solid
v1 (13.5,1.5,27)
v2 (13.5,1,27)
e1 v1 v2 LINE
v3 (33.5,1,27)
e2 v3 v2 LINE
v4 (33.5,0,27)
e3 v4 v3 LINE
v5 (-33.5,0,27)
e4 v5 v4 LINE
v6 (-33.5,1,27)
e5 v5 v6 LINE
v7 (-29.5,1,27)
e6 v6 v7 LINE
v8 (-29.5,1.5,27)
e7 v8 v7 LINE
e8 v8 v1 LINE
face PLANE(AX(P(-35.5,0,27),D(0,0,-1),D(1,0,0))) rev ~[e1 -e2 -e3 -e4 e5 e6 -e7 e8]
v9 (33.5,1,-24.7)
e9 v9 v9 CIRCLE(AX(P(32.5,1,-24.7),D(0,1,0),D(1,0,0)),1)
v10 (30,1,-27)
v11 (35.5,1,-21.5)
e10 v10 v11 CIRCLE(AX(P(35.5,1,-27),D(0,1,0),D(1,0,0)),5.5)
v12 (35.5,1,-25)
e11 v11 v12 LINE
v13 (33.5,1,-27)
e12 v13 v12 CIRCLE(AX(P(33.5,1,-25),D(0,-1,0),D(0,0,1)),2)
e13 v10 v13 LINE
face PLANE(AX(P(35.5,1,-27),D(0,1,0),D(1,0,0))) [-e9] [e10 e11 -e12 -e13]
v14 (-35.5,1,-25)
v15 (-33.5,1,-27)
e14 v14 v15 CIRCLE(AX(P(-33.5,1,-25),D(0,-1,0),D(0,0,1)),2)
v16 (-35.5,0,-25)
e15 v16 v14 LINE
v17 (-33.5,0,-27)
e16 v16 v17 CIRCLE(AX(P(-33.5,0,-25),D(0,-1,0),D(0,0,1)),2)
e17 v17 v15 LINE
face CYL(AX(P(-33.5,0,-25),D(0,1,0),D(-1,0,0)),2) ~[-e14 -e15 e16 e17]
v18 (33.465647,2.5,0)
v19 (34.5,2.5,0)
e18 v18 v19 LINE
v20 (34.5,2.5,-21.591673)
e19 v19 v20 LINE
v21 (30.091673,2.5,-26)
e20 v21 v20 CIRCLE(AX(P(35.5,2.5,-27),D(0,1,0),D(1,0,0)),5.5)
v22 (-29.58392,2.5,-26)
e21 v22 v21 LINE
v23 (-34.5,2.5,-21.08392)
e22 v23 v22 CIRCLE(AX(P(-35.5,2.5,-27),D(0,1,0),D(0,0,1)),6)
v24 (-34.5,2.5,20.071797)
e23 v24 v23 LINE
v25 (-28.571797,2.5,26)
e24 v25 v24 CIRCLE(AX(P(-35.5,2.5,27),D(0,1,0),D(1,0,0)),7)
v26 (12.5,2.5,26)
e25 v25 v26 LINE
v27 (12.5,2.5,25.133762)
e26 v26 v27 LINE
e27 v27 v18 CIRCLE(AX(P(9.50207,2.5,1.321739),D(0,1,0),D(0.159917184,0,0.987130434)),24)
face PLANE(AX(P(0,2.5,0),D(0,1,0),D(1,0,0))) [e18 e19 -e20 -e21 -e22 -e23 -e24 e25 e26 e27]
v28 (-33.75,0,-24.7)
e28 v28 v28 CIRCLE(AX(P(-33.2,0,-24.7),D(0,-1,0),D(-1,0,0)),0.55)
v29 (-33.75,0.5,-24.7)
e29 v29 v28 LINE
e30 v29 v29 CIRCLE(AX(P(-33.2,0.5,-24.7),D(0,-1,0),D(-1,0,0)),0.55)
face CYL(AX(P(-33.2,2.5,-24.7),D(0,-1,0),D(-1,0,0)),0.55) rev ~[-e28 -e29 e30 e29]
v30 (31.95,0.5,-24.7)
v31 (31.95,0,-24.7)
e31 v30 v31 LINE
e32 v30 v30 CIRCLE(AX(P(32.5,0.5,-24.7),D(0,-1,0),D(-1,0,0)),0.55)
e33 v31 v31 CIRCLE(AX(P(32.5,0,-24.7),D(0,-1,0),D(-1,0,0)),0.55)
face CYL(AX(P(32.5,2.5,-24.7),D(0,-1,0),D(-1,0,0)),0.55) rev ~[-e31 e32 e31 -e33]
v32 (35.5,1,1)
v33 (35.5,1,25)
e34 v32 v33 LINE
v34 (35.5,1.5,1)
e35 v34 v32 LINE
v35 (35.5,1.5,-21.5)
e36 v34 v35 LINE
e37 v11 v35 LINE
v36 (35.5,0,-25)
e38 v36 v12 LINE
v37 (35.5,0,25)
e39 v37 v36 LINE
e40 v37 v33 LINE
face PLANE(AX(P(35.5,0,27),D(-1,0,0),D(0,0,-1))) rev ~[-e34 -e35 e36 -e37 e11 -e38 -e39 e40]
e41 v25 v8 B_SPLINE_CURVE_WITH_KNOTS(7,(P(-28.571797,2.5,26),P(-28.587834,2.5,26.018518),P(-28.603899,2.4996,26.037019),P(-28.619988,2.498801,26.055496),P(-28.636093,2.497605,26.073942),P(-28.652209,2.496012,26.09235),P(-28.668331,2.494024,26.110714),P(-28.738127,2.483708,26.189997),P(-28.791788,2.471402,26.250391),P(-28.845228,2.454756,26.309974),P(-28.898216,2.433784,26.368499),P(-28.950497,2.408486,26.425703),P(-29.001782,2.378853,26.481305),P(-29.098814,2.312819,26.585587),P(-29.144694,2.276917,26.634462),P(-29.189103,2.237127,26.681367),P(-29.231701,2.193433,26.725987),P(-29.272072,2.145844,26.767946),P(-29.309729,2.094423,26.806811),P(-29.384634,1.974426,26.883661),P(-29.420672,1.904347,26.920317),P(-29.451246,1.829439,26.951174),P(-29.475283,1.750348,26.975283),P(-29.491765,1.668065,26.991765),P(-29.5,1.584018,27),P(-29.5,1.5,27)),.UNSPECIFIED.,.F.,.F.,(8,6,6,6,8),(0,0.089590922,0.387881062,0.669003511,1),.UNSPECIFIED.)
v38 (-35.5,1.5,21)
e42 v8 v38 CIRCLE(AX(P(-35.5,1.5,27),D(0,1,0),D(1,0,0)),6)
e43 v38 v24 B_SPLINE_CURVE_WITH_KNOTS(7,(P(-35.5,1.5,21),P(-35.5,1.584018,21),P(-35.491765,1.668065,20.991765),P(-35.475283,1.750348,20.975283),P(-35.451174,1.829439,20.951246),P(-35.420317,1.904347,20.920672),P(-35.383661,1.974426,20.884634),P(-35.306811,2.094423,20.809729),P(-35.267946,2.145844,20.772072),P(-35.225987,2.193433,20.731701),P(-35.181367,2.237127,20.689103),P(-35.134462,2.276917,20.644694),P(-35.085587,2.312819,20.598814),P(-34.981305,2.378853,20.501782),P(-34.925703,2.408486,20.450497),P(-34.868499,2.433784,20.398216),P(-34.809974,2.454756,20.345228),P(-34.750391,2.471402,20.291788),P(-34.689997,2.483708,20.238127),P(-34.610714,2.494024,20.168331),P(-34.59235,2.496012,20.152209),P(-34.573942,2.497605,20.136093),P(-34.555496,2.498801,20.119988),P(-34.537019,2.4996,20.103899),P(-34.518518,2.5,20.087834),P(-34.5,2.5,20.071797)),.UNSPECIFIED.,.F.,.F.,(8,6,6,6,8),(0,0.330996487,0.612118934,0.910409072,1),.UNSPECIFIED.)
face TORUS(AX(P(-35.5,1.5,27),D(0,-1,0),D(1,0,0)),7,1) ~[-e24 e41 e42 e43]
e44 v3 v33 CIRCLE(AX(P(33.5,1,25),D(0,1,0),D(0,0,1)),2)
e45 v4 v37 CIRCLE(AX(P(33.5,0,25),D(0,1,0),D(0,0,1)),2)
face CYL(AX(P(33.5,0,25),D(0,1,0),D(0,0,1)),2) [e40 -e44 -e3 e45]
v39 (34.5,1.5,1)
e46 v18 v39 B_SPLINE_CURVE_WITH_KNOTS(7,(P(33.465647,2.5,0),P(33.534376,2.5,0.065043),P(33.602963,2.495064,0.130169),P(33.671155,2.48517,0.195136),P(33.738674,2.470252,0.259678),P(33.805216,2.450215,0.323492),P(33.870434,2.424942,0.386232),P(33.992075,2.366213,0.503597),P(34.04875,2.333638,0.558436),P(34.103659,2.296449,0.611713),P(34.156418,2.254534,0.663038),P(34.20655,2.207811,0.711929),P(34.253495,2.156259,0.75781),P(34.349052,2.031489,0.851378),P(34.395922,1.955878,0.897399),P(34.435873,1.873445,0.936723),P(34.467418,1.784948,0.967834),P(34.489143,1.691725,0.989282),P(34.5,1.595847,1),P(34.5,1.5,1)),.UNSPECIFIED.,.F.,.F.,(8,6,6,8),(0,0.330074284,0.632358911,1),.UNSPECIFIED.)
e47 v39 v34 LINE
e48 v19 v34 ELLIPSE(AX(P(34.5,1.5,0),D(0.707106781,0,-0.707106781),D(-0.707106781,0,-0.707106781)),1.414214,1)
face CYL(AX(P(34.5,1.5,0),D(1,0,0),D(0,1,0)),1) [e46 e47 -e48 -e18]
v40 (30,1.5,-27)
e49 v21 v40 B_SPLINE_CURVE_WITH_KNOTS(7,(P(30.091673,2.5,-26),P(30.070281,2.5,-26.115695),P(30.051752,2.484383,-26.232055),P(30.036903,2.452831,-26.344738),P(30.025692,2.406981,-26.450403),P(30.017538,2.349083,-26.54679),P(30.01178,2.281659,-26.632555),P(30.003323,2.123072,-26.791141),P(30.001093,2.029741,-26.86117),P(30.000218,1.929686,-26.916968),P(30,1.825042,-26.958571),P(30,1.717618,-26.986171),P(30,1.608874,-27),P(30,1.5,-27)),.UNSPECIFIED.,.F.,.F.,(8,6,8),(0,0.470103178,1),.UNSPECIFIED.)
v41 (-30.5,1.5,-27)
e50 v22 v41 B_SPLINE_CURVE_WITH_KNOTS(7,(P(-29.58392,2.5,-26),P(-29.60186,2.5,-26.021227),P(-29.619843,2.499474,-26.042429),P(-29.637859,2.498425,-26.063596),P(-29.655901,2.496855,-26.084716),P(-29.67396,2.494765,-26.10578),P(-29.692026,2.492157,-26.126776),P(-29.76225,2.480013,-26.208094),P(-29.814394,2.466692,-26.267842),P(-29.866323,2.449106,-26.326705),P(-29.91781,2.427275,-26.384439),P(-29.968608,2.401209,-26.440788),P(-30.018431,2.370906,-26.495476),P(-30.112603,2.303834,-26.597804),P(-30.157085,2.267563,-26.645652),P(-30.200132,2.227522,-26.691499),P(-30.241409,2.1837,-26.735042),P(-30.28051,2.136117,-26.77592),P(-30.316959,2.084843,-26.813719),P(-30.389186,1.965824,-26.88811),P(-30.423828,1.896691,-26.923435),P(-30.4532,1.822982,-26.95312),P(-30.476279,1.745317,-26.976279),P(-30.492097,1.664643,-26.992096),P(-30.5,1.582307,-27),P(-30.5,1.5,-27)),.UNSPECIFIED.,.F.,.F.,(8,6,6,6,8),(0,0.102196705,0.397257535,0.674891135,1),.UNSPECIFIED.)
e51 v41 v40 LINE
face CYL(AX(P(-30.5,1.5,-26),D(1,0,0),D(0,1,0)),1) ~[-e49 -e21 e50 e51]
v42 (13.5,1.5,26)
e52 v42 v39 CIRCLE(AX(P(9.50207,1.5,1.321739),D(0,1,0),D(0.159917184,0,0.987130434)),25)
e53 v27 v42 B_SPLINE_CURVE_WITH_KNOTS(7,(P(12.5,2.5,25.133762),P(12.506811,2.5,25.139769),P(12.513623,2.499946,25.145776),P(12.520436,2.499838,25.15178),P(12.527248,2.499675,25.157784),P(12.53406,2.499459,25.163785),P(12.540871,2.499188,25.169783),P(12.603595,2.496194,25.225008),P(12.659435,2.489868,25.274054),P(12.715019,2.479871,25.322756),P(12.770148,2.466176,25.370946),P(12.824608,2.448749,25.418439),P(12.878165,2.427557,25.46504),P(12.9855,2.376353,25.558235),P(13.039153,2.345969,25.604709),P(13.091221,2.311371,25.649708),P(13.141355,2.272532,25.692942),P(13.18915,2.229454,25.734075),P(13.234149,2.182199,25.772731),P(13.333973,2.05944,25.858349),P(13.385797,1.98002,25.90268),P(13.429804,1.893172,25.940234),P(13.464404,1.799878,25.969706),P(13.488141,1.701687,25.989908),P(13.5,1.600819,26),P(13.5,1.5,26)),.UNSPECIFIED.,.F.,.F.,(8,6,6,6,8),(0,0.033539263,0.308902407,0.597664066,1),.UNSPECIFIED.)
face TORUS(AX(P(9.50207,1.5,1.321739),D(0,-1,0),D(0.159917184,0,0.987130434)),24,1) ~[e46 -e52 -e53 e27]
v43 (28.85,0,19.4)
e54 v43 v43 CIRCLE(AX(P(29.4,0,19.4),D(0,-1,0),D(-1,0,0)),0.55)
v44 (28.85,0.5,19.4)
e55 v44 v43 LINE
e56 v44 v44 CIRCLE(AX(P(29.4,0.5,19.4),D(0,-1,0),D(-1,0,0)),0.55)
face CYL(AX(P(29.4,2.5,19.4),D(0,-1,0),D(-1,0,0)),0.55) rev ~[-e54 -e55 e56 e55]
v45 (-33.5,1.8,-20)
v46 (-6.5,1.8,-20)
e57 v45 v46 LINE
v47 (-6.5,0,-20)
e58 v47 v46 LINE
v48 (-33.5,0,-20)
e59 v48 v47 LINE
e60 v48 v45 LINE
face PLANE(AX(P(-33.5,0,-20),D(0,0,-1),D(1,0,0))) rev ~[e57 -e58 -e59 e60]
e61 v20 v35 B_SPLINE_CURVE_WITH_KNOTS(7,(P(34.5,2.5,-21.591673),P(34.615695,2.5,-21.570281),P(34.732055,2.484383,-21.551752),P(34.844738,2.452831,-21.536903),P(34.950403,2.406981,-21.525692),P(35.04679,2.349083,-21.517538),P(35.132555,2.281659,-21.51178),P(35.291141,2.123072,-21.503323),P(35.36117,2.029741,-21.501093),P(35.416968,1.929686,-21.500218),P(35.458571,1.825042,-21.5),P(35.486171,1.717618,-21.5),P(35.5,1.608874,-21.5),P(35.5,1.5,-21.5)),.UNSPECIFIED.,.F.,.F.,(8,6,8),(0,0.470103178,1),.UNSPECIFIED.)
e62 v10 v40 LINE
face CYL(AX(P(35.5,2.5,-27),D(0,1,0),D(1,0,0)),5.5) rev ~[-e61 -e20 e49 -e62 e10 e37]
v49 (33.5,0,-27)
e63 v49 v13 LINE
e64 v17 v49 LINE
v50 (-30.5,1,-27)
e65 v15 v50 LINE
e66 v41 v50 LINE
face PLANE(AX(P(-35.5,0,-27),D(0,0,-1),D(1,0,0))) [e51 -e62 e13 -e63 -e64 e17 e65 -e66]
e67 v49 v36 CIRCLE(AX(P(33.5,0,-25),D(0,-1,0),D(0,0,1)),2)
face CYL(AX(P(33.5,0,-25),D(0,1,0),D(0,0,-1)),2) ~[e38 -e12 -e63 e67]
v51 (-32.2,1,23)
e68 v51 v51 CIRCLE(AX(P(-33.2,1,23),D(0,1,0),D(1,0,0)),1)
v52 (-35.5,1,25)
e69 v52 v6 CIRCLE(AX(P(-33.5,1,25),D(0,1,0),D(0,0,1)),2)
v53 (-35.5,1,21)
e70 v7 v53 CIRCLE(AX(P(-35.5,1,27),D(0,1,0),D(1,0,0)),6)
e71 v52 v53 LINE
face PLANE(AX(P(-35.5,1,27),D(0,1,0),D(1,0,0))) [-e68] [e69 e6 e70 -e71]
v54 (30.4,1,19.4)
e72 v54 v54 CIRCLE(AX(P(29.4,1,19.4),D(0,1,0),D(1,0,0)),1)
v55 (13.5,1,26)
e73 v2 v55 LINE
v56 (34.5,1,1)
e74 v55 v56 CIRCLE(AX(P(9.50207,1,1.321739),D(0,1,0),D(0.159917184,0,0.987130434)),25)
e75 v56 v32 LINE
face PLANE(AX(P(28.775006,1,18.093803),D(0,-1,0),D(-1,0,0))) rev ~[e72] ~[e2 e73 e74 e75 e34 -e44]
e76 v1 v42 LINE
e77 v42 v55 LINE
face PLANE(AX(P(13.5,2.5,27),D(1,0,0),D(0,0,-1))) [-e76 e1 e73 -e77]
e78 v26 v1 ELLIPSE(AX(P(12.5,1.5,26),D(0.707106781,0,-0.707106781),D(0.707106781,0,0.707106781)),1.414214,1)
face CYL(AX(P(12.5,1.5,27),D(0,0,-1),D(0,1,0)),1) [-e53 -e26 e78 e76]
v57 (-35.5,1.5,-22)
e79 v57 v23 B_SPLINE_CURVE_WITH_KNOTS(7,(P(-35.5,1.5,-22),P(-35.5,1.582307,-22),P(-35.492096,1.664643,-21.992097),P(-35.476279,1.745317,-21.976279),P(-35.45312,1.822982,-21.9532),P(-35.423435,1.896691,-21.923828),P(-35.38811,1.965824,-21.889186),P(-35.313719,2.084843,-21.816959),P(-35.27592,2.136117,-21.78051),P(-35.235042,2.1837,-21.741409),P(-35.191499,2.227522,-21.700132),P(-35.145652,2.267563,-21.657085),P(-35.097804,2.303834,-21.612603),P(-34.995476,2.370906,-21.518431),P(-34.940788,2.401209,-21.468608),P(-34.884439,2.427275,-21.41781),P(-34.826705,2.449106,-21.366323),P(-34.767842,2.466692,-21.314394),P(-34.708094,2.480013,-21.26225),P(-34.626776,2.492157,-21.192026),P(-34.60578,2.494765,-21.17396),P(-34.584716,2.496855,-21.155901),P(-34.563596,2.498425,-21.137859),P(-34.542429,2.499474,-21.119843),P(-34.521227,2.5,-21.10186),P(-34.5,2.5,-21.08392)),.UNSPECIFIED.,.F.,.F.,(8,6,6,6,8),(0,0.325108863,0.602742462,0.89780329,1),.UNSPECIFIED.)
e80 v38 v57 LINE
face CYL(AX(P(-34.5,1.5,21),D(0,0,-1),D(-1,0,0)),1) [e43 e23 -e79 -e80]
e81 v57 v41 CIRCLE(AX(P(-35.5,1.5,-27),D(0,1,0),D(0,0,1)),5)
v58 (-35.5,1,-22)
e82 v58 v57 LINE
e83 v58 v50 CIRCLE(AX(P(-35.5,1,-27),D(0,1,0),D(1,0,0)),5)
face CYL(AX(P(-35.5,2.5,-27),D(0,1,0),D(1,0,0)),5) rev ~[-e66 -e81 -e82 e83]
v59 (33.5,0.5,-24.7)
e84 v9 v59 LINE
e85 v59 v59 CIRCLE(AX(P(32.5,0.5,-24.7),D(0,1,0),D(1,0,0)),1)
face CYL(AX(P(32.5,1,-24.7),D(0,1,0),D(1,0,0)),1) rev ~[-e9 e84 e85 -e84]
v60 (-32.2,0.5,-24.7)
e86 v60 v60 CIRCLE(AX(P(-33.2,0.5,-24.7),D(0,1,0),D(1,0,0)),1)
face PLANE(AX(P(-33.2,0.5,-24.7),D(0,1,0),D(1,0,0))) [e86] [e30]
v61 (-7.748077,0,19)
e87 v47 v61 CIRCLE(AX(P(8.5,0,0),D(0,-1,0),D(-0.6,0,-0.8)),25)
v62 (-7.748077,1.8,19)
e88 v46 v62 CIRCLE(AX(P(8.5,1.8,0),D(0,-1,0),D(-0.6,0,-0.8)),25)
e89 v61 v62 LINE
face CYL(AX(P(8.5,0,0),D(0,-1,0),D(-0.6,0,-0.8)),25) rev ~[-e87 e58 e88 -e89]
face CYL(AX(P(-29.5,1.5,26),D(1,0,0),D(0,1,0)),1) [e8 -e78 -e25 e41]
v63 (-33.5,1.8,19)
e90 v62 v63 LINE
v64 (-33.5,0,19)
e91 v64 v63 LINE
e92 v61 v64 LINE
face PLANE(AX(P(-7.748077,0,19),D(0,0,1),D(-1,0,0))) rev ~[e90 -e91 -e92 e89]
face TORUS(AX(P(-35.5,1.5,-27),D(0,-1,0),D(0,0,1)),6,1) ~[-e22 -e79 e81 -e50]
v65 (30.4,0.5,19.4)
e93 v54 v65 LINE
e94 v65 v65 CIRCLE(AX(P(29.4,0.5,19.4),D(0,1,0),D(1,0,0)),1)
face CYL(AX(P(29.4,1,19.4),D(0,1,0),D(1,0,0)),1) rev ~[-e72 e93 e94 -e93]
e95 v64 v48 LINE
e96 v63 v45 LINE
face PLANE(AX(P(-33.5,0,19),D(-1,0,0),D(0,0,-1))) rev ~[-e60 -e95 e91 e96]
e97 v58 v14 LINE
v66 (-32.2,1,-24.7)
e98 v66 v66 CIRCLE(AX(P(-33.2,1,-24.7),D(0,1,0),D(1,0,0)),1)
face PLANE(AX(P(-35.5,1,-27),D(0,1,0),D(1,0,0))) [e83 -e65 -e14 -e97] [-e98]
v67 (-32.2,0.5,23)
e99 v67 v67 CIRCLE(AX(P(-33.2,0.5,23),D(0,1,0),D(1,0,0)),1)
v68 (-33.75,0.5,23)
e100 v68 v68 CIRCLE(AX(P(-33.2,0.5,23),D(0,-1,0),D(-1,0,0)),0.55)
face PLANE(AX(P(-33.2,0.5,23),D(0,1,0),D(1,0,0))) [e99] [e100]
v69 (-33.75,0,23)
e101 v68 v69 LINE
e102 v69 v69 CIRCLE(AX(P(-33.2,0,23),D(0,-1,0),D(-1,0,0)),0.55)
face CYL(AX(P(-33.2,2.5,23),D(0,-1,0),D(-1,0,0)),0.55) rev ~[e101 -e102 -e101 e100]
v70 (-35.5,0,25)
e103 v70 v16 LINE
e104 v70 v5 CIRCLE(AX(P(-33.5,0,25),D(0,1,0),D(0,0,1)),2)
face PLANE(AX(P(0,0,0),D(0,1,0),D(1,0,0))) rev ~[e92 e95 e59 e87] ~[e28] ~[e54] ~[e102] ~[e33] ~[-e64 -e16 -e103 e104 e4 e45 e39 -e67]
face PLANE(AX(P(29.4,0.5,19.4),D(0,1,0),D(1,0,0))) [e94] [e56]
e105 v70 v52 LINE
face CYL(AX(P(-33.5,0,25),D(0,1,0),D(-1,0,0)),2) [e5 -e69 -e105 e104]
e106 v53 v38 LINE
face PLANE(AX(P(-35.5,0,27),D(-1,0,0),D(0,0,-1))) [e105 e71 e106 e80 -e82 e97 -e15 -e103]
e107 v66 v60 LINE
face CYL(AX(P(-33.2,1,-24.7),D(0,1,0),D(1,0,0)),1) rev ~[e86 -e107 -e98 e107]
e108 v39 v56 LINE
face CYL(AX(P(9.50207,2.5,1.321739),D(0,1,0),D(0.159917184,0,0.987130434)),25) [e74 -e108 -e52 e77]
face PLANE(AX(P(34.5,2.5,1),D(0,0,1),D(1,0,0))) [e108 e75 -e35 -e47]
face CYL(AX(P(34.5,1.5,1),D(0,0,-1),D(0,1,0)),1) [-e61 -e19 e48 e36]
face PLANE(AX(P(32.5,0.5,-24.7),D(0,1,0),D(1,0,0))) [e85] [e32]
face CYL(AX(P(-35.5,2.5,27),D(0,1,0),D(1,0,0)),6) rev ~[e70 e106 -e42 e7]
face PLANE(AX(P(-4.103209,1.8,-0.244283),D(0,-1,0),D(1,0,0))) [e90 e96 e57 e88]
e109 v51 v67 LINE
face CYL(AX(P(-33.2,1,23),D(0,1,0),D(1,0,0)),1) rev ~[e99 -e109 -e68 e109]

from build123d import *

# Parameters (mm, degrees)
SKETCH1_W                         = 71
SKETCH1_H                         = 54
BOSS_EXTRUDE1_DEPTH               = 2.5
M1_4X0_3_TAPPED_HOLE1_D           = 1.1
M1_4X0_3_TAPPED_HOLE1_CSINK_D     = 1.45
M1_4X0_3_TAPPED_HOLE1_CSINK_ANGLE = 90
CUT_EXTRUDE1_DEPTH                = 1.8
SKETCH5_R                         = 6
SKETCH5_R_2                       = 5
SKETCH5_R_3                       = 5.5
CUT_EXTRUDE2_DEPTH                = 1.5
FILLET1_R                         = 2
FILLET2_R                         = 1
SKETCH6_R                         = 1
CUT_EXTRUDE4_DEPTH                = 0.5


with BuildPart() as part:
    # Sketch1 → Boss-Extrude1 (new body)
    with BuildSketch(Plane(origin=(0, 0, 0), x_dir=(1, 0, 0), z_dir=(0, 1, 0))):
        Rectangle(SKETCH1_W, SKETCH1_H)
    extrude(amount=BOSS_EXTRUDE1_DEPTH)

    # M1.4x0.3 Tapped Hole1 (through all)
    with Locations(Plane(origin=(0, 2.5, 0), x_dir=(1, 0, 0), z_dir=(0, 1, 0))):
        with Locations((-33.2, 24.7), (32.5, 24.7), (-33.2, -23), (29.4, -19.4)):
            CounterSinkHole(M1_4X0_3_TAPPED_HOLE1_D / 2, M1_4X0_3_TAPPED_HOLE1_CSINK_D / 2, counter_sink_angle=M1_4X0_3_TAPPED_HOLE1_CSINK_ANGLE)

    # Sketch4 → Cut-Extrude1 (cut)
    with BuildSketch(Plane.XZ):
        with BuildLine():
            Line((-7.748076809, 19), (-33.5, 19))
            Line((-33.5, 19), (-33.5, -20))
            Line((-33.5, -20), (-6.5, -20))
            ThreePointArc((-6.5, -20), (33.487208249, 0.799639875), (-7.748076809, 19))
        make_face()
    extrude(amount=-CUT_EXTRUDE1_DEPTH, mode=Mode.SUBTRACT)

    # Sketch5 → Cut-Extrude2 (cut)
    with BuildSketch(Plane(origin=(0, 2.5, 0), x_dir=(1, 0, 0), z_dir=(0, 1, 0))):
        with Locations((-35.5, -27)):
            Circle(SKETCH5_R)
        with Locations((-35.5, 27)):
            Circle(SKETCH5_R_2)
        with Locations((35.5, 27)):
            Circle(SKETCH5_R_3)
        with BuildLine():
            Line((34.5, -1), (35.5, -1))
            Line((35.5, -1), (35.5, -27))
            Line((35.5, -27), (13.5, -27))
            Line((13.5, -27), (13.5, -26))
            ThreePointArc((13.5, -26), (28.644692027, -17.401541303), (34.5, -1))
        make_face()
    extrude(amount=-CUT_EXTRUDE2_DEPTH, mode=Mode.SUBTRACT)

    # Fillet1
    fillet1_edges = [part.edges().sort_by_distance(p)[0] for p in [
        (35.5, 0.5, 27),
        (-35.5, 0.5, 27),
        (-35.5, 0.5, -27),
        (35.5, 0.5, -27),
    ]]
    fillet(fillet1_edges, radius=FILLET1_R)

    # Fillet2
    fillet2_edges = [part.edges().sort_by_distance(p)[0] for p in [
        (-8, 2.5, 27),
        (-35.5, 2.5, -0.5),
        (-0.25, 2.5, -27),
        (35.5, 2.5, -10.25),
        (28.644692027, 2.5, 17.401541303),
        (13.5, 2.5, 26.5),
        (35, 2.5, 1),
        (-31.964466094, 2.5, -23.464466094),
        (-31.257359313, 2.5, 22.757359313),
    ]]
    fillet(fillet2_edges, radius=FILLET2_R)

    # Sketch6 → Cut-Extrude4 (cut)
    with BuildSketch(Plane(origin=(0, 1, 0), x_dir=(1, 0, 0), z_dir=(0, 1, 0))):
        with Locations((-33.2, 24.7)):
            Circle(SKETCH6_R)
        with Locations((32.5, 24.7)):
            Circle(SKETCH6_R)
        with Locations((29.4, -19.4)):
            Circle(SKETCH6_R)
        with Locations((-33.2, -23)):
            Circle(SKETCH6_R)
    extrude(amount=-CUT_EXTRUDE4_DEPTH, mode=Mode.SUBTRACT)


solid = part.part
